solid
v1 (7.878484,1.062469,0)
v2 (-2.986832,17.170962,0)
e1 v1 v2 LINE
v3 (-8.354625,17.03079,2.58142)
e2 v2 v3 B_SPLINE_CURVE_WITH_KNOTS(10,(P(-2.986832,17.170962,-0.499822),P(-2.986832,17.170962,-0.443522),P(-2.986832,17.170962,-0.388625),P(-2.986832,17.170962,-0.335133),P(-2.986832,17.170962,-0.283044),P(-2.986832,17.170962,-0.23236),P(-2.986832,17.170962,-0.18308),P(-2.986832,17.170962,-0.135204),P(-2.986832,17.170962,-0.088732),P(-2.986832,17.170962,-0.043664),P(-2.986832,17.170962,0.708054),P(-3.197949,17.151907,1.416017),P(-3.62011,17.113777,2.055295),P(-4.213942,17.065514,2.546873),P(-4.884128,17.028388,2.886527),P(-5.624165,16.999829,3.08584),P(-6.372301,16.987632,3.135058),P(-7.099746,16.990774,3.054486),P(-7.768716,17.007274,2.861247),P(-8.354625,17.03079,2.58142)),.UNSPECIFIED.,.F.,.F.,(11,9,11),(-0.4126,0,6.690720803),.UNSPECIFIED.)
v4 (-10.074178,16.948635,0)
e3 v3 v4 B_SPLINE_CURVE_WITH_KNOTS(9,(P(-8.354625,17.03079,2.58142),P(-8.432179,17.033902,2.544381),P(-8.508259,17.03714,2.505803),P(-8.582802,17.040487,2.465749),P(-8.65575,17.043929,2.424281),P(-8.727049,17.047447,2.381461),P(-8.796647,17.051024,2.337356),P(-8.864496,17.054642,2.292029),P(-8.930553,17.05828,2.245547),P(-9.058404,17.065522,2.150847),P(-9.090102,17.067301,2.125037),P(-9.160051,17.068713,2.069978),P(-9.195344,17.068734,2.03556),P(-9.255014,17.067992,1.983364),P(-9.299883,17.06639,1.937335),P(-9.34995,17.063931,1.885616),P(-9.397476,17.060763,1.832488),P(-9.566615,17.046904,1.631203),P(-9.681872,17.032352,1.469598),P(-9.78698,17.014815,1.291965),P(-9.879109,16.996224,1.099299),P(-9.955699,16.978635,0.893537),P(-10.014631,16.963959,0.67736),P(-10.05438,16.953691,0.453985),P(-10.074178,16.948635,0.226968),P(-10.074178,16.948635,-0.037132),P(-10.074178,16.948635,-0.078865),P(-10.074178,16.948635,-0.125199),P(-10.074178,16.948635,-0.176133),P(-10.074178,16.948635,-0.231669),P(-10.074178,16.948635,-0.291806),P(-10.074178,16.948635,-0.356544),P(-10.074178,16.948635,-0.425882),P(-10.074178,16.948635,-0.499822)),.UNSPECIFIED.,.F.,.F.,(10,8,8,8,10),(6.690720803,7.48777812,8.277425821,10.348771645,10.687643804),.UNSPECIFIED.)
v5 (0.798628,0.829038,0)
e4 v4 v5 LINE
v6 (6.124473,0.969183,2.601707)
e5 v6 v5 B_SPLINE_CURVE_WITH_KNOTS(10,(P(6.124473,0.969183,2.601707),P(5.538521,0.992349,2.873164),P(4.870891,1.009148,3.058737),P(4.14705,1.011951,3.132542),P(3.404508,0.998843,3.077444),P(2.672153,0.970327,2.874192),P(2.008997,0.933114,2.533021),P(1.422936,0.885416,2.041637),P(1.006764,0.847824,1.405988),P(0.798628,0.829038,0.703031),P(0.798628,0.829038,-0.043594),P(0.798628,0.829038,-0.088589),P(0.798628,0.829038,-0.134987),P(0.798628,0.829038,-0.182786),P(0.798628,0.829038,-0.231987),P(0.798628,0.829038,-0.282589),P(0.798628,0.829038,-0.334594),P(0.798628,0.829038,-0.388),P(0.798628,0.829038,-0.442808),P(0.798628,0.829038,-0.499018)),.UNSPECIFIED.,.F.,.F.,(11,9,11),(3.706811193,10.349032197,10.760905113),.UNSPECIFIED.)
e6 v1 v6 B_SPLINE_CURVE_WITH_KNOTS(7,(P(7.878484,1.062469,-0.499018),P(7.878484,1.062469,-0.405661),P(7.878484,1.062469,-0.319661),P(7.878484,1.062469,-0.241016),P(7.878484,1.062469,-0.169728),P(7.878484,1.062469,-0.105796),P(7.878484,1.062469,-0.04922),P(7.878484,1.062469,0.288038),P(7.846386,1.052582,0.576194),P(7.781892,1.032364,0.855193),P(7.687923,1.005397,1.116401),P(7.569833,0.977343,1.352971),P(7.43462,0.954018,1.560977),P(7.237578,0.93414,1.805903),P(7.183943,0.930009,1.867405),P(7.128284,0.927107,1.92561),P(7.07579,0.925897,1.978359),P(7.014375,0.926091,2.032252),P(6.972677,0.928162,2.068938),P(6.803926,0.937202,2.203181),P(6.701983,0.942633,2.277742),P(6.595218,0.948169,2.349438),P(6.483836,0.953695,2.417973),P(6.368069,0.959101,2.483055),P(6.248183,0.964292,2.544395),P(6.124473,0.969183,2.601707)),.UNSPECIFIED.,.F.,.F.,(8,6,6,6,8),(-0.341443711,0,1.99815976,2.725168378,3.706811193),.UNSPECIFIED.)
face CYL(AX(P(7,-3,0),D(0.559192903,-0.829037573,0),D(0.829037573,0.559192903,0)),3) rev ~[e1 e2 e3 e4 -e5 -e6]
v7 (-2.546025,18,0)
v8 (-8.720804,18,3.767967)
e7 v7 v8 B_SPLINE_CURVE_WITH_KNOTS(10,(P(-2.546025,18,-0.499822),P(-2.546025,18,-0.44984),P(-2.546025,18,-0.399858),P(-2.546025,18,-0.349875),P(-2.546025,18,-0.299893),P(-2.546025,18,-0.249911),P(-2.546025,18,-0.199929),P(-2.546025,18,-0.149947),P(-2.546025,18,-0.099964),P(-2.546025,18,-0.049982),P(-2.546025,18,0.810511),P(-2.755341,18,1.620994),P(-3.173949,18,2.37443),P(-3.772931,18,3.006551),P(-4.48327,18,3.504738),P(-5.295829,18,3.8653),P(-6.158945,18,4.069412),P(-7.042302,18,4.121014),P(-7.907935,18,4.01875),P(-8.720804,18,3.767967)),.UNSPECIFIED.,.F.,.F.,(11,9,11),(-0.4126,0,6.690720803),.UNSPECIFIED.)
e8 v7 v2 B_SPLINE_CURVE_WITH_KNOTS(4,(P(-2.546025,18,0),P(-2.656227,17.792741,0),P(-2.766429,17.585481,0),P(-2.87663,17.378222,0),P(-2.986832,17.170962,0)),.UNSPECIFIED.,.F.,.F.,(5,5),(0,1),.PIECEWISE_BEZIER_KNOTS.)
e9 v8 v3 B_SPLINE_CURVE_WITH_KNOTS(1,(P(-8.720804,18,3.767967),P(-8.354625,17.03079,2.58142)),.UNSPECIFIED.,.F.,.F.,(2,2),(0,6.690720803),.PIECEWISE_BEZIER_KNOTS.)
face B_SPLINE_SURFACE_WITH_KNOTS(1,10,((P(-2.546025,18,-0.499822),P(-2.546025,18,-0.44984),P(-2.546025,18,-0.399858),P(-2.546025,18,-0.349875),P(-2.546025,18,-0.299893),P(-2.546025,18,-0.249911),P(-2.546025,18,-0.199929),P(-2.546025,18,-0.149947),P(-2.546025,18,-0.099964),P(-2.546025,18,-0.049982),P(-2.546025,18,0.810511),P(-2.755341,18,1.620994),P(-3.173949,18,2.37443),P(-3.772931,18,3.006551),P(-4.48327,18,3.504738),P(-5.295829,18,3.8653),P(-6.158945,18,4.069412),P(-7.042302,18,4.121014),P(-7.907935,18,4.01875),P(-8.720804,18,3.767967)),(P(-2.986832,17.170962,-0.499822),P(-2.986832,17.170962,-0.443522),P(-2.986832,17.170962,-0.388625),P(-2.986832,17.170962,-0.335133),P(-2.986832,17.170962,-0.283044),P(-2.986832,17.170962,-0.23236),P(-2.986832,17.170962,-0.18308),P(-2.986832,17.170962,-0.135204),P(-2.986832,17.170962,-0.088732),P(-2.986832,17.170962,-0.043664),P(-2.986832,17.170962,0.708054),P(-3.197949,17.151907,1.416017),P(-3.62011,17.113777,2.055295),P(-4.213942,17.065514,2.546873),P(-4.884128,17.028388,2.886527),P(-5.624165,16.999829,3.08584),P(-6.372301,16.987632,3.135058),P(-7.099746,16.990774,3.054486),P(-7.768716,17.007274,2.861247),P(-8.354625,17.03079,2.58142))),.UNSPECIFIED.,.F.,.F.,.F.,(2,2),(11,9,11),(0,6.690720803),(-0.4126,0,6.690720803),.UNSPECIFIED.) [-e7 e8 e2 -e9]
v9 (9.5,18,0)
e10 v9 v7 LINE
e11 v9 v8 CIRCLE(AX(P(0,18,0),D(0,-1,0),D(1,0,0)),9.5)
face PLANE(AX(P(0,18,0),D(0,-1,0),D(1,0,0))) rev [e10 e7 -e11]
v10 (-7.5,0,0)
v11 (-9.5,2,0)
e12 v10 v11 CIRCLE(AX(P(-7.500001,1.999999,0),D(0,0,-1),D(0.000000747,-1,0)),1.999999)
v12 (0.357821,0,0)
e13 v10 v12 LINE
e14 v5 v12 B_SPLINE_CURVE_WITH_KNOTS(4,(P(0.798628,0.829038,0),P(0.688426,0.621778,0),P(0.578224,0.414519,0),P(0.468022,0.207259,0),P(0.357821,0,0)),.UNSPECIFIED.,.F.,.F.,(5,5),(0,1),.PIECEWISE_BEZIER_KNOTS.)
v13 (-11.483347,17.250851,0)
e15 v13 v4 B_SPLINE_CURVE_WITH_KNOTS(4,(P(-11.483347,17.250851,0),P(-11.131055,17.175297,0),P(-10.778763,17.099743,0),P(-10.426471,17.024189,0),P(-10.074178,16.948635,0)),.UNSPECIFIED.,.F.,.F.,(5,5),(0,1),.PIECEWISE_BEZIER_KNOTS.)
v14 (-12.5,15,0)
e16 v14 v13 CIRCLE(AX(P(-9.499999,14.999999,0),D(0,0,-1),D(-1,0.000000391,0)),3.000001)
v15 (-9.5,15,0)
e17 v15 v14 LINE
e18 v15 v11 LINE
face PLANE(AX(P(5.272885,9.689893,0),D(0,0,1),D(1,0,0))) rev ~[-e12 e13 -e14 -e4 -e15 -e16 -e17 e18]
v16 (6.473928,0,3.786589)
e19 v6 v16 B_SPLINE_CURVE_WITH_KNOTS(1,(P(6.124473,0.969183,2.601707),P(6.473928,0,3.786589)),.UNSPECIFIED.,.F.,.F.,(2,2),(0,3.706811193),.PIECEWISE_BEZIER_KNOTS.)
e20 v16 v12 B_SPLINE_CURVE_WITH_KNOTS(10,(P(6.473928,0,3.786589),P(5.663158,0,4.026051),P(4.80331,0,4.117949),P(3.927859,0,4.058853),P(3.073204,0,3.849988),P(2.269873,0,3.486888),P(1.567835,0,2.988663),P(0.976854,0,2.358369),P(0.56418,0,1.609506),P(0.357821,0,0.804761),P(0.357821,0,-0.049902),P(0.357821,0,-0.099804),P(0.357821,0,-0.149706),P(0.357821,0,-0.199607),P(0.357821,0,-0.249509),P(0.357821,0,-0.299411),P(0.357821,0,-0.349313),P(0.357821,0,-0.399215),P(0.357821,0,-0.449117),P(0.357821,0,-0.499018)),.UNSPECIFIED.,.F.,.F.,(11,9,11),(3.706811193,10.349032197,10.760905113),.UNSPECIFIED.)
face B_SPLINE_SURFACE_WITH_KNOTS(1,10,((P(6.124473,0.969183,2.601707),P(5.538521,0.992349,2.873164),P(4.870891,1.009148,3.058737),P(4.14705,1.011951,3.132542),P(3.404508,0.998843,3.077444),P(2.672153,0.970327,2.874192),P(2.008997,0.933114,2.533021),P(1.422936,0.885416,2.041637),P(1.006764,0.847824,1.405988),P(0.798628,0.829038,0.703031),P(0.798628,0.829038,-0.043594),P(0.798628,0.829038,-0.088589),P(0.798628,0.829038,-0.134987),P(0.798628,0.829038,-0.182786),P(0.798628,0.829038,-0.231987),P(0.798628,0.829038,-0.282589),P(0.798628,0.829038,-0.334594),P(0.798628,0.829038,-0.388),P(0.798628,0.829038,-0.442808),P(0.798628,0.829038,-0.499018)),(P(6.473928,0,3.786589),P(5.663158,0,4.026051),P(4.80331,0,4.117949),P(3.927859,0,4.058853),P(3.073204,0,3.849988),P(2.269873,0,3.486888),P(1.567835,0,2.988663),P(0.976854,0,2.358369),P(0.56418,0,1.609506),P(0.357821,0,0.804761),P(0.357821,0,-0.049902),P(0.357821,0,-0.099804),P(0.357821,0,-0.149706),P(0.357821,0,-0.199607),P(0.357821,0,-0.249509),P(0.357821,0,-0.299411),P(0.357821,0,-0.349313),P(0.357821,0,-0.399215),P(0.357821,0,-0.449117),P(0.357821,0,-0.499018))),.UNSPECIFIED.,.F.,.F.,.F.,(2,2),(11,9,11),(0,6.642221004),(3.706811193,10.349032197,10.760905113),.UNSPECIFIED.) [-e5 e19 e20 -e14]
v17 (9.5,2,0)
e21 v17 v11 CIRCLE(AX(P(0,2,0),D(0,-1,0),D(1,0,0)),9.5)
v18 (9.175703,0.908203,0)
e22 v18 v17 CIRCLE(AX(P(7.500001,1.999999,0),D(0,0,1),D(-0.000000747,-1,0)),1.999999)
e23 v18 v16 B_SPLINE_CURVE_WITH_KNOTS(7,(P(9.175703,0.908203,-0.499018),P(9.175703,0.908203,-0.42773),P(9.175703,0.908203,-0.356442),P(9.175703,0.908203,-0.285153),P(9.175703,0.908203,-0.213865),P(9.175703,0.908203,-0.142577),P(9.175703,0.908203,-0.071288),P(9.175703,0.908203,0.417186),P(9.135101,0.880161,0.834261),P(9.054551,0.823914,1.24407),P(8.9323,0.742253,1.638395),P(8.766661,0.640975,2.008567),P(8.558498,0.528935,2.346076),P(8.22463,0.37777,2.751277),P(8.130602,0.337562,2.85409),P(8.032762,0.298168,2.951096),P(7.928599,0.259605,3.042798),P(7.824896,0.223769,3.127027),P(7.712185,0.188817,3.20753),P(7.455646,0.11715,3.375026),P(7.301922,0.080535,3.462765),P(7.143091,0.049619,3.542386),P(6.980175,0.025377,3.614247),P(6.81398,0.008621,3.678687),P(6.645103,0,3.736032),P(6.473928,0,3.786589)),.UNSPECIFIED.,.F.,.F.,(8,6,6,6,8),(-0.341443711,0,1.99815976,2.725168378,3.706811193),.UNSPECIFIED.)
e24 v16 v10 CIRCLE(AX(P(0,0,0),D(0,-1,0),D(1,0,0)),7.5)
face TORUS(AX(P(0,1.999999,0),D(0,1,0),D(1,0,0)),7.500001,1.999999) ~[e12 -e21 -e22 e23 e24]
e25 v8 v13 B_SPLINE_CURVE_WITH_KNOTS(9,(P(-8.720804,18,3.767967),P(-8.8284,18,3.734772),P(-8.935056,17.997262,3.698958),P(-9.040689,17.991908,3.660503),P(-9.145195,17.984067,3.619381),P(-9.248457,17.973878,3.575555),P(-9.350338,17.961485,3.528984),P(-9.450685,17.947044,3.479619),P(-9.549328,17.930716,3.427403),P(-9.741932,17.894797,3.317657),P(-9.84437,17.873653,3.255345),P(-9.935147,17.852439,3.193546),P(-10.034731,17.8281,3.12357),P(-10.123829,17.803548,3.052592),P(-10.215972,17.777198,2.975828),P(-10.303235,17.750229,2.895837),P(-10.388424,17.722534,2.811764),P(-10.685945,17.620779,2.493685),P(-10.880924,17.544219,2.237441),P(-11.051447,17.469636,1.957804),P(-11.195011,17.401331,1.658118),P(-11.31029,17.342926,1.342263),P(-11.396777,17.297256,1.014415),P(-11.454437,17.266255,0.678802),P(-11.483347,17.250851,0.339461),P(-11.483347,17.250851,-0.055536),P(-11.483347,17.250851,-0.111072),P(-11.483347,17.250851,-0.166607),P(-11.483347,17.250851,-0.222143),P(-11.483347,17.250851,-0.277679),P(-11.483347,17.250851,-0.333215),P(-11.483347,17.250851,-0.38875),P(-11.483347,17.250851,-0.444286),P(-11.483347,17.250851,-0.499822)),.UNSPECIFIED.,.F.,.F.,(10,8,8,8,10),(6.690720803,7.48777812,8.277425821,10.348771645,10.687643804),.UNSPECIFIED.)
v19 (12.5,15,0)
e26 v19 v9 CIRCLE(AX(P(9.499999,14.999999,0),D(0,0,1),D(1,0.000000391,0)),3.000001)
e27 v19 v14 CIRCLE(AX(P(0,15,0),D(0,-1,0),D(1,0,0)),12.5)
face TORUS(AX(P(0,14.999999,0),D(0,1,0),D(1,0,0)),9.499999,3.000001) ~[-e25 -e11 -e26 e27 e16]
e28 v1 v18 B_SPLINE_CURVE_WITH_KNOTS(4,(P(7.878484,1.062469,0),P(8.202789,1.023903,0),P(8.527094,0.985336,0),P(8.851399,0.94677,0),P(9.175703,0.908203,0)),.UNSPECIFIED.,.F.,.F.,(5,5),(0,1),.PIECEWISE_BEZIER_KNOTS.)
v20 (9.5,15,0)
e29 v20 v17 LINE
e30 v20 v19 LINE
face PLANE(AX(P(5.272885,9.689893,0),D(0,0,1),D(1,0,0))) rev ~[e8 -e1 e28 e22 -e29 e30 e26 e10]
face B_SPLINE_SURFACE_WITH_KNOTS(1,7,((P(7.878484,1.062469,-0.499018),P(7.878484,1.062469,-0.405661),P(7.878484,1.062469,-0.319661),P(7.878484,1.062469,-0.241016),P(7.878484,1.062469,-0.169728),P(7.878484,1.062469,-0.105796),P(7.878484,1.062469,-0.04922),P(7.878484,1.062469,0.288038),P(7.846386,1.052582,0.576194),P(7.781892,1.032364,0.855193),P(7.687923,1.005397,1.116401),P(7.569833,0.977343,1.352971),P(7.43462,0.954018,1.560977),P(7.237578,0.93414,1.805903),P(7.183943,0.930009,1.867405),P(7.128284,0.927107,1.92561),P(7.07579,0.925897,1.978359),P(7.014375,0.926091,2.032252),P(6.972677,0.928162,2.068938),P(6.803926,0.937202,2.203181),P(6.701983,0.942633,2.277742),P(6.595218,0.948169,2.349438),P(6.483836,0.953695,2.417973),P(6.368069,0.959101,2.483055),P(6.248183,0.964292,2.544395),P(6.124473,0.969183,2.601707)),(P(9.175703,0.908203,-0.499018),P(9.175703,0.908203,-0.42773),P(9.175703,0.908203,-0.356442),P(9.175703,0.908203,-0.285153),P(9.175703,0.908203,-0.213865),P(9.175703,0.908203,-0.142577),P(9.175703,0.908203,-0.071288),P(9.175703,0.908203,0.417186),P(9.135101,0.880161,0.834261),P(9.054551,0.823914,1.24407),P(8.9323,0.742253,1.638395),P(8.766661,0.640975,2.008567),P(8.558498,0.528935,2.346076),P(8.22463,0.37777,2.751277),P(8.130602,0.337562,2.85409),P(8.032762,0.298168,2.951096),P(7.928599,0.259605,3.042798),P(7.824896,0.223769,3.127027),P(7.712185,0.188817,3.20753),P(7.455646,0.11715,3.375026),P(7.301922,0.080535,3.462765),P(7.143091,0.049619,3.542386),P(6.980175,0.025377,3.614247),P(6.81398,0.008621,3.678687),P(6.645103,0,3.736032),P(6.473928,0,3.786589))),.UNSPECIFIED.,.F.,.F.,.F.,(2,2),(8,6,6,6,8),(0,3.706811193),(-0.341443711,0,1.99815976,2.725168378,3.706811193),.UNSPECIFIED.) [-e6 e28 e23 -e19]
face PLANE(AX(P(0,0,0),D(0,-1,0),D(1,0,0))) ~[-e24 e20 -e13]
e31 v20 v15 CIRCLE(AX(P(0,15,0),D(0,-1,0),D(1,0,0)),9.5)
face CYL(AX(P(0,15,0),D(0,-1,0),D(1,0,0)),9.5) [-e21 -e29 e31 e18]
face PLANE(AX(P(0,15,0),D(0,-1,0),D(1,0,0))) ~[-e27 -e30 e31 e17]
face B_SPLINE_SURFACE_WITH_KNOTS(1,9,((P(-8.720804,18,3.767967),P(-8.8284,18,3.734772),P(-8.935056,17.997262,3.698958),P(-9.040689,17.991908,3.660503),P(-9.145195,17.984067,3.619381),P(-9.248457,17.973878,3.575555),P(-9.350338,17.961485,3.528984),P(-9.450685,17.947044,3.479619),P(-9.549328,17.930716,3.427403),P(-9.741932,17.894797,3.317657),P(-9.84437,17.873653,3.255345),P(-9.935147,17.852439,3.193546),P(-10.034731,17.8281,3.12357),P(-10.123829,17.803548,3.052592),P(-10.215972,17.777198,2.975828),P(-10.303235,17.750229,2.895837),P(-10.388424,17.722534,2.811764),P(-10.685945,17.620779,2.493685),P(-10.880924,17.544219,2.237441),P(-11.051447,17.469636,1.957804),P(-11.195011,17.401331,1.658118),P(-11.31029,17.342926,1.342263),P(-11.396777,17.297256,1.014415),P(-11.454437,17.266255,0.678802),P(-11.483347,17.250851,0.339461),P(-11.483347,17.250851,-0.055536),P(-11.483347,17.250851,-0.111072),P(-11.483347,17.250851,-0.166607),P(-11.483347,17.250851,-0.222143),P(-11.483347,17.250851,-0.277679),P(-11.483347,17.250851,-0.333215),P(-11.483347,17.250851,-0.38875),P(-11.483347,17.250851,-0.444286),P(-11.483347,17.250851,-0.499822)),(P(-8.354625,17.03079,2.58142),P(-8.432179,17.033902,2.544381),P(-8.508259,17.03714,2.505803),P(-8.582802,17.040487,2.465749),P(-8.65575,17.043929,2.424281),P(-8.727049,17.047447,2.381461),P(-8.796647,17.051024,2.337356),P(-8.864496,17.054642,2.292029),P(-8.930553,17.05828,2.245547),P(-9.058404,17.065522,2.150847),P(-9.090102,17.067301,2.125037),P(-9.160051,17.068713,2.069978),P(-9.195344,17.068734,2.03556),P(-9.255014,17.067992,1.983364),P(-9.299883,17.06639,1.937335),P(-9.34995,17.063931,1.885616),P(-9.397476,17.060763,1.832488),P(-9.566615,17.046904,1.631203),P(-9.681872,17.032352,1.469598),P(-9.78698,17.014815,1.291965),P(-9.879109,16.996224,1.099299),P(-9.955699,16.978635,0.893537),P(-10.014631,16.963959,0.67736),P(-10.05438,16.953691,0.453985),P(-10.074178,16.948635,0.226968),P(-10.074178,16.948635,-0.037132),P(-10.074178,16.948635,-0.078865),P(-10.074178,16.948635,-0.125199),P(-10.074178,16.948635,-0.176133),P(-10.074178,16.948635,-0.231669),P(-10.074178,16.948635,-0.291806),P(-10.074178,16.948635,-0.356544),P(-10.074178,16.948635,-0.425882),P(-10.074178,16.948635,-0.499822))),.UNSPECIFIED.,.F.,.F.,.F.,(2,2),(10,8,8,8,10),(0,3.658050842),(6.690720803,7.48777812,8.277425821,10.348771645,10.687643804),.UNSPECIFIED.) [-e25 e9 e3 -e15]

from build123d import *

# Parameters (mm, degrees)
SKETCH001_R             = 3
PAD_DEPTH               = 29
BODY001_PLACEMENT_ANGLE = 34
REVOLUTION_ANGLE        = -180
CHAMFER_SIZE            = 1


with BuildPart() as body001:
    # Sketch001 → Pad (new body)
    with BuildSketch(Plane.XZ):
        Circle(SKETCH001_R)
    extrude(amount=-PAD_DEPTH)


with BuildPart() as body001_1:
    # Body001 placement: moved
    add(body001.part.moved(Location((7, -3, 0))).rotate(Axis((7, -3, 0), (0, 0, 1)), BODY001_PLACEMENT_ANGLE))


with BuildPart() as body:
    # Sketch → Revolution (revolve)
    with BuildSketch(Plane.XY):
        with BuildLine():
            Line((9.5, 15), (12.5, 15))
            ThreePointArc((12.5, 15), (11.62132, 17.12132), (9.5, 18))
            Line((0, 18), (9.5, 18))
            Line((0, 0), (0, 18))
            Line((0, 0), (7.5, 0))
            ThreePointArc((7.5, 0), (8.914214, 0.585786), (9.5, 2))
            Line((9.5, 15), (9.5, 2))
        make_face()
    revolve(axis=Axis((0, 0, 0), (0, 1, 0)), revolution_arc=REVOLUTION_ANGLE)

    # Boolean: cut Body001
    add(body001_1.part, mode=Mode.SUBTRACT)

    # Chamfer
    chamfer_edges = [body.edges().sort_by_distance(p)[0] for p in [
        (-5.63609, 18, 2.719202),
        (3.511353, 0, 2.743109),
    ]]
    chamfer(chamfer_edges, length=CHAMFER_SIZE)


solid = body.part
